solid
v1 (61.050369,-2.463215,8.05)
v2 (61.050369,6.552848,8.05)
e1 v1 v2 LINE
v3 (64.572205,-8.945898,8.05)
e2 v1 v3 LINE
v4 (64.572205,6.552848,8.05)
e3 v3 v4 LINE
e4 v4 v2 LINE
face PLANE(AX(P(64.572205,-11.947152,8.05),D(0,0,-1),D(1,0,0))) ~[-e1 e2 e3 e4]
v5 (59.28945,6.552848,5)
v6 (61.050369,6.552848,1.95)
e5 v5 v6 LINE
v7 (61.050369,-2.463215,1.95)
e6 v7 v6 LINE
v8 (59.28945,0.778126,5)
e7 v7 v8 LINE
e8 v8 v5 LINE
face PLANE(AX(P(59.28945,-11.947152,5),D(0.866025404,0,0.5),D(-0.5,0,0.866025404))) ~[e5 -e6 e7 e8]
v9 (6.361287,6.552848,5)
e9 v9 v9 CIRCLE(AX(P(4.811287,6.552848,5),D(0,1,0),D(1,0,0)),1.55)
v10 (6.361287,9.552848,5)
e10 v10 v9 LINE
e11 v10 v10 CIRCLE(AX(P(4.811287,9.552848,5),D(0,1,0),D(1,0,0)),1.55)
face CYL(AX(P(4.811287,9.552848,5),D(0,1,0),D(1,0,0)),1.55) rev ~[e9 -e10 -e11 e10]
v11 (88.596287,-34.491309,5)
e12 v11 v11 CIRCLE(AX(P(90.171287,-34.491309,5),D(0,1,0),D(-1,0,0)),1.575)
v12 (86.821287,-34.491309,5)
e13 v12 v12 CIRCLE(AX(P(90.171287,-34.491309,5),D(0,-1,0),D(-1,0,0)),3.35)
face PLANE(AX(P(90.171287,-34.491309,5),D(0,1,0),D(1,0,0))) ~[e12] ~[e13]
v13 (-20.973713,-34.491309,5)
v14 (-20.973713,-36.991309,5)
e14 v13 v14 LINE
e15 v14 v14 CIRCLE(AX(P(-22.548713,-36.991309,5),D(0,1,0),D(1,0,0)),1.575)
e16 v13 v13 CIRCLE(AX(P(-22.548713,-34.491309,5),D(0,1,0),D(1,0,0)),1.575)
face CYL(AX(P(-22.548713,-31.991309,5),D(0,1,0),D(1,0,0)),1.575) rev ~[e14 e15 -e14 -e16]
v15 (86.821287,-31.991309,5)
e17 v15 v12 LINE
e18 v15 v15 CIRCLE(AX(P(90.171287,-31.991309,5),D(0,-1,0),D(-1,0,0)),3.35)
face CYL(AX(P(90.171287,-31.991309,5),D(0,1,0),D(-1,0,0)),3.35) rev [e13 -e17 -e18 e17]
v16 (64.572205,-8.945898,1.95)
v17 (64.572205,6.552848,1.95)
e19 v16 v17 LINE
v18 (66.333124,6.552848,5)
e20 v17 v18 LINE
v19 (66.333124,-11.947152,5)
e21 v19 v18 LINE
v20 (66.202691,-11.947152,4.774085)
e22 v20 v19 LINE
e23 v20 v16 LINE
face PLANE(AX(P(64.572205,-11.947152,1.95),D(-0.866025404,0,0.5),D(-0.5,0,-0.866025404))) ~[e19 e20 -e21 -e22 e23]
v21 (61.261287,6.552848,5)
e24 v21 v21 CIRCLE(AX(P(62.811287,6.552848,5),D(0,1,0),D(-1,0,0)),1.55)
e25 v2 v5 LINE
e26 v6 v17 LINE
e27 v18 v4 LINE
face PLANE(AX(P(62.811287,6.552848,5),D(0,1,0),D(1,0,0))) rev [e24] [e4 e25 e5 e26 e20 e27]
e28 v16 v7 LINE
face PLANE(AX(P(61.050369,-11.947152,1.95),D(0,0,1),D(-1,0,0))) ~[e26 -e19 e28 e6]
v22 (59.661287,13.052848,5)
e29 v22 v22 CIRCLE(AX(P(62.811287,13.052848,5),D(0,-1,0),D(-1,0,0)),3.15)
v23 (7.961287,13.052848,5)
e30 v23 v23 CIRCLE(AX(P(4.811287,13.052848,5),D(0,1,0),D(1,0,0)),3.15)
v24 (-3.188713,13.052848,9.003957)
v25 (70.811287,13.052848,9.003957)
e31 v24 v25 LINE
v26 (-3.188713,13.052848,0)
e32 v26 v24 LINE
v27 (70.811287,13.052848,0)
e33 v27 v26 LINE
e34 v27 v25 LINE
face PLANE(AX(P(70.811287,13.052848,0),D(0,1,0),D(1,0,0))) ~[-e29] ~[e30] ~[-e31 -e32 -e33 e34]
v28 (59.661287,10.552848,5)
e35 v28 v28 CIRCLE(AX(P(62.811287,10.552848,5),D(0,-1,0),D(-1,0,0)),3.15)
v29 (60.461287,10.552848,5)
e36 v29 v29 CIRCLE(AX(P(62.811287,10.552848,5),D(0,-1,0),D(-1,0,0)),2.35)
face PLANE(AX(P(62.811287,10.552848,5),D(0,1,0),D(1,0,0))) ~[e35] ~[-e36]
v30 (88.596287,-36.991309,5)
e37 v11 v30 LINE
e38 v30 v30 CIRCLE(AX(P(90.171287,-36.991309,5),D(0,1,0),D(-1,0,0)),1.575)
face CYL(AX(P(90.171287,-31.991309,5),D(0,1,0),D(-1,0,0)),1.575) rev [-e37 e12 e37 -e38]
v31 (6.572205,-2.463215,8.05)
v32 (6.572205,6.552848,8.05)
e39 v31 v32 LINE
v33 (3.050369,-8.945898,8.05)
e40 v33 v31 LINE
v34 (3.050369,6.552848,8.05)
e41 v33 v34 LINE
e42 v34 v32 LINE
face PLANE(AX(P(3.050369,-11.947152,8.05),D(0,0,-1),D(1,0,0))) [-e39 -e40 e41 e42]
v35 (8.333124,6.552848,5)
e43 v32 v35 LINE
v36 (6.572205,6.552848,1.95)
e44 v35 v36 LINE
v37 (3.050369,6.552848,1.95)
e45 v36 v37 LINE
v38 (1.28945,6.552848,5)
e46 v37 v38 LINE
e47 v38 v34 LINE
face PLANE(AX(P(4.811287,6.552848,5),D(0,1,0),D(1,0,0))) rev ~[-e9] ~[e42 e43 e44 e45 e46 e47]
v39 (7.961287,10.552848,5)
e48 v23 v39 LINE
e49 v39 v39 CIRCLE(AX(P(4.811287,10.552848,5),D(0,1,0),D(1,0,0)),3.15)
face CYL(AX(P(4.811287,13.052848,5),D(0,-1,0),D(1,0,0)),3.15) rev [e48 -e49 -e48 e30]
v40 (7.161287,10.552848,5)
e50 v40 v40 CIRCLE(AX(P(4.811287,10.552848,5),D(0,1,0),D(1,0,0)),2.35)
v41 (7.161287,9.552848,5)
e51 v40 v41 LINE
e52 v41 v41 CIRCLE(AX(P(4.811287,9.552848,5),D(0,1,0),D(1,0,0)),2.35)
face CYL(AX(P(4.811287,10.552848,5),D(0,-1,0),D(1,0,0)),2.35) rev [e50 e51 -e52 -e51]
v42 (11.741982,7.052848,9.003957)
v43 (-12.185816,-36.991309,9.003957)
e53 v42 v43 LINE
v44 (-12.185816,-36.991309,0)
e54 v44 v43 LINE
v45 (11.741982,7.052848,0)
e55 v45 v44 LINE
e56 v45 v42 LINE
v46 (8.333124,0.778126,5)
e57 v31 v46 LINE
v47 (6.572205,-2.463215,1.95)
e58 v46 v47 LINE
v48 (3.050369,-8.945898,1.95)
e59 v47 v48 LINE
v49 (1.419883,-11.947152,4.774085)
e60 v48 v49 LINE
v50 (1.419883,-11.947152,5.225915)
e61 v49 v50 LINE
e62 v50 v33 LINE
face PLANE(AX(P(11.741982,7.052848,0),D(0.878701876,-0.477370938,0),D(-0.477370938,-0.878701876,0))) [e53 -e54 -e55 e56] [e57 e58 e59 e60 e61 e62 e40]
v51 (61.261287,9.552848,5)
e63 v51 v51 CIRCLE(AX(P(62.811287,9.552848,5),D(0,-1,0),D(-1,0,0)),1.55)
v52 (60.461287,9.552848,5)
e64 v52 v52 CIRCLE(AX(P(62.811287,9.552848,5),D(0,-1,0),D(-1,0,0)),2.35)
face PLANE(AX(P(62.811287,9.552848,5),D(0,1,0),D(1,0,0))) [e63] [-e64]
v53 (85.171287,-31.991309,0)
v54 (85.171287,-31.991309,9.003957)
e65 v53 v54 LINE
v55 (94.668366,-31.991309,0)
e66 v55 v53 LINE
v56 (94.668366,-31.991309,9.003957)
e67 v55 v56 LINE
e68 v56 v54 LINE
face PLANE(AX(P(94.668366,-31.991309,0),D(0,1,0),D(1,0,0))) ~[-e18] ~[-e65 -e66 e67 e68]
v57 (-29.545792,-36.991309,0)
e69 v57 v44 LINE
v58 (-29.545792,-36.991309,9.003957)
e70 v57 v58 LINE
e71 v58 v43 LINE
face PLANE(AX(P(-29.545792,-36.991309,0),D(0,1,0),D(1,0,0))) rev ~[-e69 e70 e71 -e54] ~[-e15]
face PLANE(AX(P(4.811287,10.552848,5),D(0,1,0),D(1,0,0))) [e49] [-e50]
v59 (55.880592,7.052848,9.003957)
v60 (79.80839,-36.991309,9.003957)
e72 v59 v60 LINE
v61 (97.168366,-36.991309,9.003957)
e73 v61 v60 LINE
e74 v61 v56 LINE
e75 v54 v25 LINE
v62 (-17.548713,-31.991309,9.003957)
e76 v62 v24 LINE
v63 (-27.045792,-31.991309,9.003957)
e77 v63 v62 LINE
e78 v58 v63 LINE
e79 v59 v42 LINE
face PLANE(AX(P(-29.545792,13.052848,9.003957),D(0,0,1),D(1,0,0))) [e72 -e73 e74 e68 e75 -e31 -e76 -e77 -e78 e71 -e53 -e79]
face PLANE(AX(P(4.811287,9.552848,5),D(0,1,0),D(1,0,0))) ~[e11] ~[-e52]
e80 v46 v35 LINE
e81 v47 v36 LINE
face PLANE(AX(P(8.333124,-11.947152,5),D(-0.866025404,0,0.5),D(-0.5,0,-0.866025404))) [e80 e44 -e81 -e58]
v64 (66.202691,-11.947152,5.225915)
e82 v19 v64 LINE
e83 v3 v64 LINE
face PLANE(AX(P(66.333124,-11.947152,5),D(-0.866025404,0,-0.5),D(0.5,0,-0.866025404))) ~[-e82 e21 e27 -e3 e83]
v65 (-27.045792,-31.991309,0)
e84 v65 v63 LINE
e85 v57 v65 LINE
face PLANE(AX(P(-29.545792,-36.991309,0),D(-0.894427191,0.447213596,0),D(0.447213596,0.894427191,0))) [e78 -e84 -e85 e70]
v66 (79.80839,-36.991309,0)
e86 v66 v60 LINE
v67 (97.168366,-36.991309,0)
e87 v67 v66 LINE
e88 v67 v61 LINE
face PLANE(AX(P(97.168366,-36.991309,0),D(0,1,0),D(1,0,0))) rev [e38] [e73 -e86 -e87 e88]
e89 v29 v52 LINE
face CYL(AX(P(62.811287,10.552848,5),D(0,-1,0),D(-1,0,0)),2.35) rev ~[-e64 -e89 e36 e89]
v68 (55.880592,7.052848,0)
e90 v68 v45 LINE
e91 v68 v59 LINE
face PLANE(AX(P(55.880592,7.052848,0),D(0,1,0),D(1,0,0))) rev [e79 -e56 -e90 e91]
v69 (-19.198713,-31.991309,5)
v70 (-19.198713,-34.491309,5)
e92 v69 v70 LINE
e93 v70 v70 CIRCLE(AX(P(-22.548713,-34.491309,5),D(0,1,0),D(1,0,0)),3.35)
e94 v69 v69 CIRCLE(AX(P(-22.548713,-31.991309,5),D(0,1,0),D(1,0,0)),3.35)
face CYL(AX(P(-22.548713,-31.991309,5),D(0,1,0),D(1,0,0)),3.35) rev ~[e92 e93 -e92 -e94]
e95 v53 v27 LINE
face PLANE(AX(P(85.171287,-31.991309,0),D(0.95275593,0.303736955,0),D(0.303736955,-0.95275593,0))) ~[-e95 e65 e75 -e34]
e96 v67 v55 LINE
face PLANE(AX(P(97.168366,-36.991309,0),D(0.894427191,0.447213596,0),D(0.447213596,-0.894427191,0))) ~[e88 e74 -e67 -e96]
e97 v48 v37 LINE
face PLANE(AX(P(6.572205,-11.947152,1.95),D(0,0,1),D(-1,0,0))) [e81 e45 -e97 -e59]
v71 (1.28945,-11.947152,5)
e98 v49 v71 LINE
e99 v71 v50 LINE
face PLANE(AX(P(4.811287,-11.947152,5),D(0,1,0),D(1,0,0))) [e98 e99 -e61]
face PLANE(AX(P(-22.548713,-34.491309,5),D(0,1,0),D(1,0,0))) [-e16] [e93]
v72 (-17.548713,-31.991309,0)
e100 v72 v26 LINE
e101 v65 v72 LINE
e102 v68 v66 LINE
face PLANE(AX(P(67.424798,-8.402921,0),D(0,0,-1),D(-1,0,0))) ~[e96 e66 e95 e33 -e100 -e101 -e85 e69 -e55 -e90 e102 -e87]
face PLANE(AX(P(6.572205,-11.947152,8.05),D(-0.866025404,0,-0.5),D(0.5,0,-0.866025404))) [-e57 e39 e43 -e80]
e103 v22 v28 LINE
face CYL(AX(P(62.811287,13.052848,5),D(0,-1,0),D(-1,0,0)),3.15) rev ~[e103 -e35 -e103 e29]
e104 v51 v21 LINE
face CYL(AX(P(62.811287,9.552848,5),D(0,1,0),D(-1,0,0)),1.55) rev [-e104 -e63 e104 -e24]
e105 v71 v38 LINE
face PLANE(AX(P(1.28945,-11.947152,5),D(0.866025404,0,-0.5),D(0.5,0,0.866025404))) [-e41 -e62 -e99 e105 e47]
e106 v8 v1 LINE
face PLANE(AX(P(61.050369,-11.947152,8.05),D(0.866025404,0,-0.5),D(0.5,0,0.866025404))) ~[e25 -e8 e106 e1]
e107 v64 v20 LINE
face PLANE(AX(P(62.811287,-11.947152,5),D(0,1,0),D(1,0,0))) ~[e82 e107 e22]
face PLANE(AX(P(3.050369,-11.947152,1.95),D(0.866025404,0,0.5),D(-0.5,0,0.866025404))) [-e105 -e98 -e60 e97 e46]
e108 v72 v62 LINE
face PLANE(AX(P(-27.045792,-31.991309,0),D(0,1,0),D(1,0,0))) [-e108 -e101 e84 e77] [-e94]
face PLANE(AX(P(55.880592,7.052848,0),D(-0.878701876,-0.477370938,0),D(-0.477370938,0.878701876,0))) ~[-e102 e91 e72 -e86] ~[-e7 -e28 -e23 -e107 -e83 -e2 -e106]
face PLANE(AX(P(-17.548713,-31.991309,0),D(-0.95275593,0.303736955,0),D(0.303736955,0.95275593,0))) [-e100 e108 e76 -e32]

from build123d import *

# Parameters (mm, degrees)
EXTRUDE_1_DEPTH      = 10
SKETCH_7_R           = 1.55
CUT_EXTRUDE_1_DEPTH  = 47.544157215
CUT_EXTRUDE_2_DEPTH  = 18.5
SKETCH_19_W          = 126.714157214
SKETCH_19_H          = 0.99604336
CUT_EXTRUDE_14_DEPTH = 51.044157215
SKETCH_23_R          = 1.575
CUT_EXTRUDE_16_DEPTH = 10
SKETCH_24_R          = 3.35
CUT_EXTRUDE_17_DEPTH = 2.5


with BuildPart() as part:
    # 草图1 → 凸台-拉伸1 (new body)
    with BuildSketch(Plane.XY):
        Polygon((-3.188712924, 13.052848472), (33.811287076, 13.052848472), (33.811287076, 7.052848472), (15.60198174, 7.052848472), (11.74198174, 7.052848472), (-12.185815886, -36.991308743), (-14.185815886, -36.991308743), (-29.545791531, -36.991308743), (-27.045791531, -31.991308743), (-17.548712924, -31.991308743), align=None)
    extrude_1 = extrude(amount=EXTRUDE_1_DEPTH)

    # 镜向1: 凸台-拉伸1 across plane
    add(extrude_1.mirror(Plane(origin=(33.811287076, 13.052848472, 10), x_dir=(0, 0, 1), z_dir=(-1, 0, 0))))

    # 草图5 → 切除-旋转7 (revolve, cut)
    with BuildSketch(Plane.XY.offset(5)):
        Polygon((7.961287076, 13.052848472), (7.961287076, 10.552848472), (7.161287076, 10.552848472), (7.161287076, 9.552848472), (6.361287076, 9.552848472), (4.811287076, 9.552848472), (4.811287076, 13.052848472), align=None)
    cut_revolve_7 = revolve(axis=Axis((4.811287076, 9.552848472, 5), (0, 1, 0)), mode=Mode.SUBTRACT)

    # 草图7 → 切除-拉伸1 (cut, through all)
    with BuildSketch(Plane(origin=(0, 9.552848472, 0), x_dir=(1, 0, 0), z_dir=(0, 1, 0))):
        with Locations((4.811287076, -5)):
            Circle(SKETCH_7_R)
    cut_extrude_1 = extrude(amount=-CUT_EXTRUDE_1_DEPTH, mode=Mode.SUBTRACT)

    # 草图8 → 切除-拉伸2 (cut)
    with BuildSketch(Plane(origin=(0, -11.947151528, 0), x_dir=(1, 0, 0), z_dir=(0, 1, 0))):
        Polygon((8.333123718, -5), (6.572205397, -1.95), (3.050368755, -1.95), (1.289450434, -5), (3.050368755, -8.05), (6.572205397, -8.05), align=None)
    cut_extrude_2 = extrude(amount=CUT_EXTRUDE_2_DEPTH, mode=Mode.SUBTRACT)

    # 草图19 → 切除-拉伸14 (cut, through all)
    with BuildSketch(Plane(origin=(0, 13.052848472, 0), x_dir=(1, 0, 0), z_dir=(0, 1, 0))):
        with Locations((33.811287076, -9.50197832)):
            Rectangle(SKETCH_19_W, SKETCH_19_H)
    extrude(amount=-CUT_EXTRUDE_14_DEPTH, mode=Mode.SUBTRACT)

    # 草图23 → 切除-拉伸16 (cut)
    with BuildSketch(Plane(origin=(0, -31.991308743, 0), x_dir=(1, 0, 0), z_dir=(0, 1, 0))):
        with Locations((-22.548712924, -5)):
            Circle(SKETCH_23_R)
    cut_extrude_16 = extrude(amount=-CUT_EXTRUDE_16_DEPTH, mode=Mode.SUBTRACT)

    # 草图24 → 切除-拉伸17 (cut)
    with BuildSketch(Plane(origin=(0, -31.991308743, 0), x_dir=(1, 0, 0), z_dir=(0, 1, 0))):
        with Locations((-22.548712924, -5)):
            Circle(SKETCH_24_R)
    cut_extrude_17 = extrude(amount=-CUT_EXTRUDE_17_DEPTH, mode=Mode.SUBTRACT)

    # 镜向3: 切除-旋转7, 切除-拉伸1, 切除-拉伸2, 切除-拉伸16, 切除-拉伸17 across plane
    add(cut_revolve_7.mirror(Plane(origin=(33.811287076, 0, 0), x_dir=(0, 0, 1), z_dir=(1, 0, 0))), mode=Mode.SUBTRACT)
    add(cut_extrude_1.mirror(Plane(origin=(33.811287076, 0, 0), x_dir=(0, 0, 1), z_dir=(1, 0, 0))), mode=Mode.SUBTRACT)
    add(cut_extrude_2.mirror(Plane(origin=(33.811287076, 0, 0), x_dir=(0, 0, 1), z_dir=(1, 0, 0))), mode=Mode.SUBTRACT)
    add(cut_extrude_16.mirror(Plane(origin=(33.811287076, 0, 0), x_dir=(0, 0, 1), z_dir=(1, 0, 0))), mode=Mode.SUBTRACT)
    add(cut_extrude_17.mirror(Plane(origin=(33.811287076, 0, 0), x_dir=(0, 0, 1), z_dir=(1, 0, 0))), mode=Mode.SUBTRACT)


solid = part.part
